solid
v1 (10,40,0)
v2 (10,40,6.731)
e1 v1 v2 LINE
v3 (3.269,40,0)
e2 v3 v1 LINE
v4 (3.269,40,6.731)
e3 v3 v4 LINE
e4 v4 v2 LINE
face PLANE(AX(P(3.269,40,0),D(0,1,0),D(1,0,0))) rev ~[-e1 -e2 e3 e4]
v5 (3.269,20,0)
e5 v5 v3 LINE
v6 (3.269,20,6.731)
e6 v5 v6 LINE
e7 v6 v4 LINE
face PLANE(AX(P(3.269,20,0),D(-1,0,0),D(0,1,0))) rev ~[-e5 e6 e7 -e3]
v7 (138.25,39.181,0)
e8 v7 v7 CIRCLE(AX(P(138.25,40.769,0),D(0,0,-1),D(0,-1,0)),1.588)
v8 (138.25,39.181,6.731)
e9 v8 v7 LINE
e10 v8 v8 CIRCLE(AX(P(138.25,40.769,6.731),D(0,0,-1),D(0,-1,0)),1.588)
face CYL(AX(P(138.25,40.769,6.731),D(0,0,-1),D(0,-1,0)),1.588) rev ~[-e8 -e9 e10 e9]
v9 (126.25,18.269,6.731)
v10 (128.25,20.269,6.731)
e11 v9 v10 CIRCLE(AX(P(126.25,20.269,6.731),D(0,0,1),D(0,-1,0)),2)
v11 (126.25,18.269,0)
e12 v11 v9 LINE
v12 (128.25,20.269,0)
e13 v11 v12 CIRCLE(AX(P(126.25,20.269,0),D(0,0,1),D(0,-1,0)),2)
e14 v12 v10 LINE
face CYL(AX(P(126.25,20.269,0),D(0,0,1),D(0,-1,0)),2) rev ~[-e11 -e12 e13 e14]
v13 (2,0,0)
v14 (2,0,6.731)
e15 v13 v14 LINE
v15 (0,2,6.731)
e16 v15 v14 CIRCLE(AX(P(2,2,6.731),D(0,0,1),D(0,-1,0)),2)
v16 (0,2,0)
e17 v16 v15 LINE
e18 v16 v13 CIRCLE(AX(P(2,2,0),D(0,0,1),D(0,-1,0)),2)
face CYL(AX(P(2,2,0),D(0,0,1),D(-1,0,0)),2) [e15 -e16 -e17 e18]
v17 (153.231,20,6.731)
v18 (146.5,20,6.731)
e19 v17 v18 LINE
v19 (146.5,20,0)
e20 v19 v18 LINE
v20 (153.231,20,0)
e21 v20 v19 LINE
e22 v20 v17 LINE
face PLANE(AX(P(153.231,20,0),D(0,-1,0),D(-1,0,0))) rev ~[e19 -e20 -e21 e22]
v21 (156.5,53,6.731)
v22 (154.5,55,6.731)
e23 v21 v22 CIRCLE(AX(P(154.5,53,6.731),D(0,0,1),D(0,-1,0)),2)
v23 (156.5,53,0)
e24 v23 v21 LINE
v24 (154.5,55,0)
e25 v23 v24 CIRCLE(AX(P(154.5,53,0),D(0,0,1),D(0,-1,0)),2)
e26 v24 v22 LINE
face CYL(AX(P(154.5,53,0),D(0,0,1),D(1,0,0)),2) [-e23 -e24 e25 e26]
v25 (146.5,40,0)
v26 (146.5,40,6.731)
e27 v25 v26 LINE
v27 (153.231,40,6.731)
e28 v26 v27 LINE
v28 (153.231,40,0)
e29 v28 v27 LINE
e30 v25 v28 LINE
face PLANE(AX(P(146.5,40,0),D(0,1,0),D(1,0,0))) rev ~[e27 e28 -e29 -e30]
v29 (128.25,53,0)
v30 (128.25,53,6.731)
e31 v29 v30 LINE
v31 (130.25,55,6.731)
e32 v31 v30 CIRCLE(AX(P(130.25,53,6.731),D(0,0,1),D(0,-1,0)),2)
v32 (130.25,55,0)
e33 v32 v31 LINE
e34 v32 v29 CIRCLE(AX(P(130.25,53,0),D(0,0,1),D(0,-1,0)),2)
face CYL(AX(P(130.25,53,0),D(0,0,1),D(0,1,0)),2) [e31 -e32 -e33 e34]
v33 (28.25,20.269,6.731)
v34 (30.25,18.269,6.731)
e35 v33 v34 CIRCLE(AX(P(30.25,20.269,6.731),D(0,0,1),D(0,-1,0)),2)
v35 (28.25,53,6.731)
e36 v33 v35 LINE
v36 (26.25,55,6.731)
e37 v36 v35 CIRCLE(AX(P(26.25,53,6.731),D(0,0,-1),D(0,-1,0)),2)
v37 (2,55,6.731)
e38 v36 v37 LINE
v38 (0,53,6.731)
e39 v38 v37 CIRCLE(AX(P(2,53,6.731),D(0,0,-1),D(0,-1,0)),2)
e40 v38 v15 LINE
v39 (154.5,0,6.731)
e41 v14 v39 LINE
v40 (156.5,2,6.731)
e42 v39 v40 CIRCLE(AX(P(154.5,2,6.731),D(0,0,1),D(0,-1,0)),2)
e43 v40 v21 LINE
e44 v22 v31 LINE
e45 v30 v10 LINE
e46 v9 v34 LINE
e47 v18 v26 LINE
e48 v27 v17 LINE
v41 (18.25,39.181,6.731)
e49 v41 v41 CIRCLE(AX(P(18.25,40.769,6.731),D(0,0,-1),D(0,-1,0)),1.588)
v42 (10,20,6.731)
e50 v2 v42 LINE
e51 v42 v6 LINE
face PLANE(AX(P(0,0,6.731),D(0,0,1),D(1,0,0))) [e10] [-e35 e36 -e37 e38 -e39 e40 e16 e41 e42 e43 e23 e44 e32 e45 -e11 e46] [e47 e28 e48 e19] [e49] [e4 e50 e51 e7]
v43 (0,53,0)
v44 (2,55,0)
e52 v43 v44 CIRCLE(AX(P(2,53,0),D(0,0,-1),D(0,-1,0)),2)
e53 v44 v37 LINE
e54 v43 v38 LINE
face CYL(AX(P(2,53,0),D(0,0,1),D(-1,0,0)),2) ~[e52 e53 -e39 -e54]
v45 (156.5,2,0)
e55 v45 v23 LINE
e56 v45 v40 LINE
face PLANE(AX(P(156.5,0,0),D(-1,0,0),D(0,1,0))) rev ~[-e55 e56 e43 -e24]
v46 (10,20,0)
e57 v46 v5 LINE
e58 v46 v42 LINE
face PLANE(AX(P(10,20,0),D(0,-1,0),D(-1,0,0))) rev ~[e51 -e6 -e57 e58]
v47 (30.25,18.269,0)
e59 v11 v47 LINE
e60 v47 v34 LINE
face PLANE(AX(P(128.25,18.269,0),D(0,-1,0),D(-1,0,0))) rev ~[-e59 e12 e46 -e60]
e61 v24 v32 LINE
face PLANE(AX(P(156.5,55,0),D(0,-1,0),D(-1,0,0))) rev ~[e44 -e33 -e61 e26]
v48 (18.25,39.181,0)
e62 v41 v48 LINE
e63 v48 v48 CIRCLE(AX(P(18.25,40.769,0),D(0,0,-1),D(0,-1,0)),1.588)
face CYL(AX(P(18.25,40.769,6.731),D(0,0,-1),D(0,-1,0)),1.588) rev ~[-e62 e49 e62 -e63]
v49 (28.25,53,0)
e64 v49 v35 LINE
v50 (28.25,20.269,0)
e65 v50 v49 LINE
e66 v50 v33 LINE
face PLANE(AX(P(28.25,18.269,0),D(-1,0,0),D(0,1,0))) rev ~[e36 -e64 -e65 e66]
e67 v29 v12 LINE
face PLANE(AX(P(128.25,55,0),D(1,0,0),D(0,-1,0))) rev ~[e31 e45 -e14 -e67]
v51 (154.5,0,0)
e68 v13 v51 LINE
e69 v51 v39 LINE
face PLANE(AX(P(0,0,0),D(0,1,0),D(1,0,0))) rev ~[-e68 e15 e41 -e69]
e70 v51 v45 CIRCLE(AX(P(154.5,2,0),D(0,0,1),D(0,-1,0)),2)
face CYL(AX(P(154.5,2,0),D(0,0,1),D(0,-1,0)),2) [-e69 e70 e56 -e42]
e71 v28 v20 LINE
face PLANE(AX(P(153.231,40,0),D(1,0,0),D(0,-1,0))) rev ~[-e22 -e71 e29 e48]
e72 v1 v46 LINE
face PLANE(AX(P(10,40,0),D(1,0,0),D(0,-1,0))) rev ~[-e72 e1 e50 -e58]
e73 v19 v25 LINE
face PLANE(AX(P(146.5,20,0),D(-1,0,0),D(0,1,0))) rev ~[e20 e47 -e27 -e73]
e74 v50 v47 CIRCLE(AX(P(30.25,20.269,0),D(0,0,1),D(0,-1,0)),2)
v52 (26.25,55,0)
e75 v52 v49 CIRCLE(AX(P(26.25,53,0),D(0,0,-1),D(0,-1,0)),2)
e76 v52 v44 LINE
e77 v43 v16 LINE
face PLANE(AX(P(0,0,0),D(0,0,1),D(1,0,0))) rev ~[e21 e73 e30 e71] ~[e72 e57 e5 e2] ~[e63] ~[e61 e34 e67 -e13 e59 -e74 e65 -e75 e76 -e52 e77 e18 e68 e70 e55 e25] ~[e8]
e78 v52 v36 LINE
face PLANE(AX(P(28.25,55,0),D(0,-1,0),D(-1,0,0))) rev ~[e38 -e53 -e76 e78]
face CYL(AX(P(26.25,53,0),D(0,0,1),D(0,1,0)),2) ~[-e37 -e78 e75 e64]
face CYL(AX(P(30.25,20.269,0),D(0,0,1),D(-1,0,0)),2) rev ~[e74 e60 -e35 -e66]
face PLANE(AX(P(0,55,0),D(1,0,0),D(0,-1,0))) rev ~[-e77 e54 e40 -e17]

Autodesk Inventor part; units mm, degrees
ref_plane "YZ Plane" through (0, 0, 0) normal (1, 0, 0) x (0, 1, 0)
ref_plane "XZ Plane" through (0, 0, 0) normal (0, 1, 0) x (-1, 0, 0)
ref_plane "XY Plane" through (0, 0, 0) normal (0, 0, 1) x (1, 0, 0)
sketch "Sketch1" plane through (0, 0, 0) normal (0, 0, 1) x (1, 0, 0)
  line L0 (0, 0) -> (156.5, 0)
  line L1 (156.5, 0) -> (156.5, 55)
  line L2 (156.5, 55) -> (0, 55)
  line L3 (0, 55) -> (0, 0)
  line L4 (3.269, 40) -> (10, 40)
  line L5 (10, 40) -> (10, 20)
  line L6 (10, 20) -> (3.269, 20)
  line L7 (3.269, 20) -> (3.269, 40)
  line L8 (146.5, 40) -> (153.231, 40)
  line L9 (153.231, 40) -> (153.231, 20)
  line L10 (153.231, 20) -> (146.5, 20)
  line L11 (146.5, 20) -> (146.5, 40)
  line L12 (68.25, 10) -> (88.25, 10)
  line L13 (88.25, 10) -> (88.25, 3.269)
  line L14 (88.25, 3.269) -> (68.25, 3.269)
  line L15 (68.25, 3.269) -> (68.25, 10)
  line L16 (28.25, 55) -> (128.25, 55)
  line L17 (128.25, 55) -> (128.25, 18.269)
  line L18 (128.25, 18.269) -> (28.25, 18.269)
  line L19 (28.25, 18.269) -> (28.25, 55)
  point P0 (3.269, 30)
  point P1 (153.231, 30)
  point P2 (78.25, 18.269)
  point P3 (78.25, 55)
  dimension "d0" = 55
  dimension "d1" = 156.5
  dimension "d2" = 136.5
  dimension "d3" = 6.731
  dimension "d4" = 58.25
  dimension "d5" = 58.25
  dimension "d6" = 20
  dimension "d7" = 3.269
  dimension "d8" = 3.269
  dimension "d25" = 10
  dimension "d26" = 10
  dimension "d28" = 36.731
  dimension "d29" = 100
extrude "Extrusion1" add sketch "Sketch1" along normal blind 6.731 contours L3 L2 L19 L18 L17 L1 L0 | L12 L13 L14 L15
sketch "Sketch2" plane through (0, 0, 6.731) normal (0, 0, 1) x (1, 0, 0)
  line L0 (10, 40) -> (10, 20) projected
  line L1 (156.5, 55) -> (0, 55) projected
  line L2 (146.5, 20) -> (146.5, 40) projected
  point P0 (18.25, 40.769)
  point P1 (138.25, 40.769)
  dimension "d14" = 120
  dimension "d15" = 14.231
  dimension "d16" = -8.25
  dimension "d30" = -8.25
hole "Hole1" at (18.25, 40.769, 6.731) at (138.25, 40.769, 6.731) direction (0, 0, -1) diameter 3.176 end through all
fillet "Fillet1" radius 2 8 edges at (156.5, 55, 3.3655) (0, 55, 3.3655) (0, 0, 3.3655) (156.5, 0, 3.3655) (28.25, 18.269, 3.3655) (28.25, 55, 3.3655) (128.25, 55, 3.3655) (128.25, 18.269, 3.3655)
equation "\"d3\" = THICKB"
equation "\"d4\" = d5"
equation "\"d7\" = d8"
equation "\"d12\" = THICKB"
equation "\"d16\" = d30"
equation "\"THICKA\" = 3.175"
equation "\"THICKB\" = 6.731"
equation "\"THICKC\" = 12.7"
equation "\"THICKPLY\" = 5"
equation "\"MAGDIA\" = 9.5"
equation "\"BALLDIA\" = 12"
properties part number "Mount_LCD_Back"
